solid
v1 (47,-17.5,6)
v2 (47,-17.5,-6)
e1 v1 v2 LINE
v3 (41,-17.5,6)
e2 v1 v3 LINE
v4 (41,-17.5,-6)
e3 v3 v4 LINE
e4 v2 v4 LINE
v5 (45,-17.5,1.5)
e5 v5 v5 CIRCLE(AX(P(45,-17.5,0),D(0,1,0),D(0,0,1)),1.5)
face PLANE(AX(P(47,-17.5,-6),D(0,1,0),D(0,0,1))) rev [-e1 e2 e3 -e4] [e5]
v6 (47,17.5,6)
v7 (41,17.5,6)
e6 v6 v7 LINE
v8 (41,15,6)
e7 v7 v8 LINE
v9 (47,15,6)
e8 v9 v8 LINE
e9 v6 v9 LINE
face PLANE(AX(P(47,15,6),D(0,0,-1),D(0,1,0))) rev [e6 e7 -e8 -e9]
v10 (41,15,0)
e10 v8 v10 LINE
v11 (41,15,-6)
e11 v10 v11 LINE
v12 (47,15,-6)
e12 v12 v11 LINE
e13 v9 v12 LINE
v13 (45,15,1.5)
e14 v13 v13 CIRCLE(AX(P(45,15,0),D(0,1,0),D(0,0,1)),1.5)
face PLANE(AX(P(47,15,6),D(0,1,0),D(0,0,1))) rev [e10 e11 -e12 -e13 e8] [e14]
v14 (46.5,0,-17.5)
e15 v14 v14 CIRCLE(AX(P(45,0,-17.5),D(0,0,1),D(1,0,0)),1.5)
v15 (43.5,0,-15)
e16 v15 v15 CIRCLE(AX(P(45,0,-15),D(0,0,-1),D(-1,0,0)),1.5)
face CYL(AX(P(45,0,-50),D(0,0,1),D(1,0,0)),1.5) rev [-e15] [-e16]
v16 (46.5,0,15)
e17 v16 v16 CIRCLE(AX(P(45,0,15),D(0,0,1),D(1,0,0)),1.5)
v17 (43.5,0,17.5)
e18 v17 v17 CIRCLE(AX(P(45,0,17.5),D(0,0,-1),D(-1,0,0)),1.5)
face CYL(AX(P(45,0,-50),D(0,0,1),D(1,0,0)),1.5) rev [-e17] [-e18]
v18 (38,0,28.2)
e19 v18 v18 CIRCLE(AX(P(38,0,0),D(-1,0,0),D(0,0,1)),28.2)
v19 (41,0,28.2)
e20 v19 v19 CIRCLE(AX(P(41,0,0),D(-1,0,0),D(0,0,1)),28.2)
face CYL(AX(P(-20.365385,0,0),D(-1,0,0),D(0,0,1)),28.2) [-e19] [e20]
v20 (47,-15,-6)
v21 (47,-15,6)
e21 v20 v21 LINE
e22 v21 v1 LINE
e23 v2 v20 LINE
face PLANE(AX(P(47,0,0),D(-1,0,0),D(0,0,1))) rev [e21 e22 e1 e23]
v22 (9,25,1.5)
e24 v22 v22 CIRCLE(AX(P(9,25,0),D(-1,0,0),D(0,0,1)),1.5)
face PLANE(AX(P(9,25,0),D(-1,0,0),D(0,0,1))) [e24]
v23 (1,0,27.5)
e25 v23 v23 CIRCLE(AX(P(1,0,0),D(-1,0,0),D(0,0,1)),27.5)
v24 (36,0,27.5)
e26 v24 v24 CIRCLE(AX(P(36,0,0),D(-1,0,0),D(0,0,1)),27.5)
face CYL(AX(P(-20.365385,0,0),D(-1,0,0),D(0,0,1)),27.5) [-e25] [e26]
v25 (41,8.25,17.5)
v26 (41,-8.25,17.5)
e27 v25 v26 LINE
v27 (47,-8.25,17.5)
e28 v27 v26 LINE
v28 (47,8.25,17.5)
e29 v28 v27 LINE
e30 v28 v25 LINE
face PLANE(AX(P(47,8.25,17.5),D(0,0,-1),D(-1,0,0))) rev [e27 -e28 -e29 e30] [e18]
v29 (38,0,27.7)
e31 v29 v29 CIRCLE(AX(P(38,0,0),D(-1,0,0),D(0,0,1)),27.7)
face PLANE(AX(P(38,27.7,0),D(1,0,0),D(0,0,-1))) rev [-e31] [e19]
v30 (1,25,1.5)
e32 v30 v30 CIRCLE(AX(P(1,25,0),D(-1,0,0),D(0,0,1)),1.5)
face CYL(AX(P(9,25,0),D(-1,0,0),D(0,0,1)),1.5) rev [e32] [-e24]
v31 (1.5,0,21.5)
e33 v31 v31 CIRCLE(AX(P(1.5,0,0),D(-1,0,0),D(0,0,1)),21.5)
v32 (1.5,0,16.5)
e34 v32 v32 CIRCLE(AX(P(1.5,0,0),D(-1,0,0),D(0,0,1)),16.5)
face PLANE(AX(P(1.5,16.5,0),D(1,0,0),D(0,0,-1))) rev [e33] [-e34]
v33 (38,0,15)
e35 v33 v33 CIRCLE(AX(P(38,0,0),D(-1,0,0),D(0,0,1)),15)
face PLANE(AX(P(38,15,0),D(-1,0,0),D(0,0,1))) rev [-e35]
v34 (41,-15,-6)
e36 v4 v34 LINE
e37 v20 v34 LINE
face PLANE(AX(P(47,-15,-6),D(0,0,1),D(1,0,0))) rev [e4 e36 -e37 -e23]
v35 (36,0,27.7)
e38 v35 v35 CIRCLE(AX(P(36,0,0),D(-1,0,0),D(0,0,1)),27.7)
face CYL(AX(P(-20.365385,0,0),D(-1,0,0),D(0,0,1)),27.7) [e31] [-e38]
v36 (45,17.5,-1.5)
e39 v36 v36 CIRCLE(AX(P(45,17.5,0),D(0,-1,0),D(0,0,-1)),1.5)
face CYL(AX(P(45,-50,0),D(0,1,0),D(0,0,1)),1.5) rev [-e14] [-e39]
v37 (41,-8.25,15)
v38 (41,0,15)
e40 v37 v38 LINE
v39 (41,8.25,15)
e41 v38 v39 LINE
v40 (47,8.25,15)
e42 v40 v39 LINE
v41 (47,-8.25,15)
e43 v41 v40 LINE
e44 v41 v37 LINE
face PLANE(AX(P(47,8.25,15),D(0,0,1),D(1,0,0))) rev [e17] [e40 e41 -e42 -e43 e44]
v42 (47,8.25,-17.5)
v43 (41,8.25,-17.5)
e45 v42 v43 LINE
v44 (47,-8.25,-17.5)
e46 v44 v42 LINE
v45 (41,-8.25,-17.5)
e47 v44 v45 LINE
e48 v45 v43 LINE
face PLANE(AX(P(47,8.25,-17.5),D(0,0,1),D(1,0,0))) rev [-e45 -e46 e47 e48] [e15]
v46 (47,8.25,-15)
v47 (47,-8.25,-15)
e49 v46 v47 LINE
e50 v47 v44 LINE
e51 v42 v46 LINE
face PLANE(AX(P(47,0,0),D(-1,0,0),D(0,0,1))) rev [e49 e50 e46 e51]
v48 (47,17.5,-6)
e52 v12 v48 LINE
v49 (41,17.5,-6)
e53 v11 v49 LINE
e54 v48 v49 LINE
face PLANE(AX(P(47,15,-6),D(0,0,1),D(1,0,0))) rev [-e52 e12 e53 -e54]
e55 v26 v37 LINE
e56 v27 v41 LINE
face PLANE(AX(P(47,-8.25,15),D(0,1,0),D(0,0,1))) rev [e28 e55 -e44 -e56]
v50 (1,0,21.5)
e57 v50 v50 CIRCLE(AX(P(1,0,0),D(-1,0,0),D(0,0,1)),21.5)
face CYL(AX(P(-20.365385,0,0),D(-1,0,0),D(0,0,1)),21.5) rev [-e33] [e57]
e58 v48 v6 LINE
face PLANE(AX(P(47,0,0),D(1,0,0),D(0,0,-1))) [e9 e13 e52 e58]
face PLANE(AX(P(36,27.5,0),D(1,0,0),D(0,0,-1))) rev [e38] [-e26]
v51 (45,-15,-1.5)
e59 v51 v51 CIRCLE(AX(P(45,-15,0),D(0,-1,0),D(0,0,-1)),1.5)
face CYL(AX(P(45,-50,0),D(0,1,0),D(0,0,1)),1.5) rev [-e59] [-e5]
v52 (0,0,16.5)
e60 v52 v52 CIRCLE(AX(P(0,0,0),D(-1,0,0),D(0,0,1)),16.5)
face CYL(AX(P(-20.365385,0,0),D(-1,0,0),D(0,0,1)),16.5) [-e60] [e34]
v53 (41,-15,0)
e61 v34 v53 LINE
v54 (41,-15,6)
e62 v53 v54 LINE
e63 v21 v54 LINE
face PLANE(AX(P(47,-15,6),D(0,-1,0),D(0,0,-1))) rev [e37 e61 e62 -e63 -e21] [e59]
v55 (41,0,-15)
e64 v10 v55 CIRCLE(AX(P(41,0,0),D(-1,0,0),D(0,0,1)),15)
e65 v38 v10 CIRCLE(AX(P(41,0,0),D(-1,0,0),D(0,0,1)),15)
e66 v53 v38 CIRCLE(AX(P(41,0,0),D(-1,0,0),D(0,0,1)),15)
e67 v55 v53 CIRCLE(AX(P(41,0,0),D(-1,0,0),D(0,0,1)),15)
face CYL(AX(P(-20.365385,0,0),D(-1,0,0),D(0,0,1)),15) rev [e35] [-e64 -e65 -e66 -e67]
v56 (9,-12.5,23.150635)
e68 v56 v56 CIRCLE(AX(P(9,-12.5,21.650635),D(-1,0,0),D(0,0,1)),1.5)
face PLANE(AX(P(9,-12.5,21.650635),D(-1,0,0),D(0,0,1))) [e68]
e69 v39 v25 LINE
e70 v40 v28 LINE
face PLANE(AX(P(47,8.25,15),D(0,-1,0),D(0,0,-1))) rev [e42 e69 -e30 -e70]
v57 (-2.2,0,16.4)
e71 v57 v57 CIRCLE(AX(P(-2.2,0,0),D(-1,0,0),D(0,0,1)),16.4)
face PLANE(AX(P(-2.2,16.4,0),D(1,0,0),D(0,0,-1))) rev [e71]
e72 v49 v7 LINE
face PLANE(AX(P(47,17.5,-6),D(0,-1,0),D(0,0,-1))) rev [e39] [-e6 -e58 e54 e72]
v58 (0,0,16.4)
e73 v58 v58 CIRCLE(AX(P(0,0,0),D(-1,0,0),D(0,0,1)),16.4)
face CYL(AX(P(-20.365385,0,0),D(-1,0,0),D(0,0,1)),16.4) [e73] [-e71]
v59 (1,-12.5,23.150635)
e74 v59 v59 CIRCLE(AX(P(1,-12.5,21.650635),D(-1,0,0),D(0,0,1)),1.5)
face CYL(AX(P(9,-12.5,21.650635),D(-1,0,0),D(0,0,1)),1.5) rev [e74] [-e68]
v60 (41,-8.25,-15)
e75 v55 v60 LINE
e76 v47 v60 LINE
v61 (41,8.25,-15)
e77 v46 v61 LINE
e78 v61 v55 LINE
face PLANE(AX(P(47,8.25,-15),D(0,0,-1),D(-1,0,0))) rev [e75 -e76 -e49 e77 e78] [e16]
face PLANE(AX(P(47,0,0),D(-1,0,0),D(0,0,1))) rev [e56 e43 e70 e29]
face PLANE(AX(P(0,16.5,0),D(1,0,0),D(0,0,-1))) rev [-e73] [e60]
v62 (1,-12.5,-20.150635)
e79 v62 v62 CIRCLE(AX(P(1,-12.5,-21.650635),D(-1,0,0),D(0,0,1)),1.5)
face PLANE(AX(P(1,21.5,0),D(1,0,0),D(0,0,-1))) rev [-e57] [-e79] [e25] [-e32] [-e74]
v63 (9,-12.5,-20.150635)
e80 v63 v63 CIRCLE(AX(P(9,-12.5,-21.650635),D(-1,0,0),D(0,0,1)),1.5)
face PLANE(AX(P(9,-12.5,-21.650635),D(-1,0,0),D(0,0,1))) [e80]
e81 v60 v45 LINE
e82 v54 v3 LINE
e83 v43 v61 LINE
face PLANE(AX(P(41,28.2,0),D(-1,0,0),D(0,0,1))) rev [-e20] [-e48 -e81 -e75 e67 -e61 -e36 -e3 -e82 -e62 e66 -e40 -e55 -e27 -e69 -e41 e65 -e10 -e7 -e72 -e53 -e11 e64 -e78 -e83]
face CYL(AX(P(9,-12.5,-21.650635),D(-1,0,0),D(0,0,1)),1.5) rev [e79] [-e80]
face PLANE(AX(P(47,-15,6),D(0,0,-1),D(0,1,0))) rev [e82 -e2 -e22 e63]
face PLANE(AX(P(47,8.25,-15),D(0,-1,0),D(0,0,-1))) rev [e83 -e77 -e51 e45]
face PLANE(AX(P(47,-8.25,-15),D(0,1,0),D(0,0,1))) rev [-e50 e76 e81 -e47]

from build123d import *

# Parameters (mm, degrees)
SKETCH_2_R               = 1.5
CUT_EXTRUDE_1_DEPTH      = 8
SKETCH_3_W               = 2.5
SKETCH_3_H               = 16.5
SKETCH_3_W_2             = 12
SKETCH_3_H_2             = 2.5
EXTRUDE_1_DEPTH          = 6
SKETCH_4_R               = 1.5
CUT_EXTRUDE_2_DEPTH      = 50
PATTERN_CIRCULAR_1_COUNT = 2
PATTERN_CIRCULAR_1_ANGLE = 90


with BuildPart() as part:
    # 草图1 → 旋转1 (revolve)
    with BuildSketch(Plane.XY, mode=Mode.PRIVATE) as revolve_1_sk:
        Polygon((1.5, 16.5), (0, 16.5), (0, 16.4), (-2.2, 16.4), (-2.2, 0), (38, 0), (38, 15), (41, 15), (41, 28.2), (38, 28.2), (38, 27.7), (36, 27.7), (36, 27.5), (1, 27.5), (1, 21.5), (1.5, 21.5), align=None)
    revolve(revolve_1_sk.sketch.rotate(Axis((-20.365384615, 0, 0), (1, 0, 0)), 90), axis=Axis((-20.365384615, 0, 0), (1, 0, 0)))

    # 草图2 → 切除-拉伸1 (cut)
    with BuildSketch(Plane.ZY.offset(-1)):
        with Locations((0, 25)):
            Circle(SKETCH_2_R)
        with Locations((21.650635095, -12.5)):
            Circle(SKETCH_2_R)
        with Locations((-21.650635095, -12.5)):
            Circle(SKETCH_2_R)
    extrude(amount=-CUT_EXTRUDE_1_DEPTH, mode=Mode.SUBTRACT)

    # 草图3 → 凸台-拉伸1 (add)
    with BuildSketch(Plane(origin=(41, 0, 0), x_dir=(0, 0, -1), z_dir=(1, 0, 0))):
        with Locations((16.25, 0)):
            Rectangle(SKETCH_3_W, SKETCH_3_H)
        with Locations((0, 16.25)):
            Rectangle(SKETCH_3_W_2, SKETCH_3_H_2)
        with Locations((-16.25, 0)):
            Rectangle(SKETCH_3_W, SKETCH_3_H)
        with Locations((0, -16.25)):
            Rectangle(SKETCH_3_W_2, SKETCH_3_H_2)
    extrude(amount=EXTRUDE_1_DEPTH)

    # 草图4 → 切除-拉伸2 (cut, symmetric)
    with BuildSketch(Plane.XY):
        with Locations((45, 0)):
            Circle(SKETCH_4_R)
    cut_extrude_2 = extrude(amount=CUT_EXTRUDE_2_DEPTH, both=True, mode=Mode.SUBTRACT)

    # 阵列(圆周)1: 切除-拉伸2 ×2 about axis
    pattern_circular_1_axis = Axis((36, 0, 0), (-1, 0, 0))
    for i in range(1, PATTERN_CIRCULAR_1_COUNT):
        add(cut_extrude_2.rotate(pattern_circular_1_axis, i * PATTERN_CIRCULAR_1_ANGLE / (PATTERN_CIRCULAR_1_COUNT - 1)), mode=Mode.SUBTRACT)


solid = part.part
